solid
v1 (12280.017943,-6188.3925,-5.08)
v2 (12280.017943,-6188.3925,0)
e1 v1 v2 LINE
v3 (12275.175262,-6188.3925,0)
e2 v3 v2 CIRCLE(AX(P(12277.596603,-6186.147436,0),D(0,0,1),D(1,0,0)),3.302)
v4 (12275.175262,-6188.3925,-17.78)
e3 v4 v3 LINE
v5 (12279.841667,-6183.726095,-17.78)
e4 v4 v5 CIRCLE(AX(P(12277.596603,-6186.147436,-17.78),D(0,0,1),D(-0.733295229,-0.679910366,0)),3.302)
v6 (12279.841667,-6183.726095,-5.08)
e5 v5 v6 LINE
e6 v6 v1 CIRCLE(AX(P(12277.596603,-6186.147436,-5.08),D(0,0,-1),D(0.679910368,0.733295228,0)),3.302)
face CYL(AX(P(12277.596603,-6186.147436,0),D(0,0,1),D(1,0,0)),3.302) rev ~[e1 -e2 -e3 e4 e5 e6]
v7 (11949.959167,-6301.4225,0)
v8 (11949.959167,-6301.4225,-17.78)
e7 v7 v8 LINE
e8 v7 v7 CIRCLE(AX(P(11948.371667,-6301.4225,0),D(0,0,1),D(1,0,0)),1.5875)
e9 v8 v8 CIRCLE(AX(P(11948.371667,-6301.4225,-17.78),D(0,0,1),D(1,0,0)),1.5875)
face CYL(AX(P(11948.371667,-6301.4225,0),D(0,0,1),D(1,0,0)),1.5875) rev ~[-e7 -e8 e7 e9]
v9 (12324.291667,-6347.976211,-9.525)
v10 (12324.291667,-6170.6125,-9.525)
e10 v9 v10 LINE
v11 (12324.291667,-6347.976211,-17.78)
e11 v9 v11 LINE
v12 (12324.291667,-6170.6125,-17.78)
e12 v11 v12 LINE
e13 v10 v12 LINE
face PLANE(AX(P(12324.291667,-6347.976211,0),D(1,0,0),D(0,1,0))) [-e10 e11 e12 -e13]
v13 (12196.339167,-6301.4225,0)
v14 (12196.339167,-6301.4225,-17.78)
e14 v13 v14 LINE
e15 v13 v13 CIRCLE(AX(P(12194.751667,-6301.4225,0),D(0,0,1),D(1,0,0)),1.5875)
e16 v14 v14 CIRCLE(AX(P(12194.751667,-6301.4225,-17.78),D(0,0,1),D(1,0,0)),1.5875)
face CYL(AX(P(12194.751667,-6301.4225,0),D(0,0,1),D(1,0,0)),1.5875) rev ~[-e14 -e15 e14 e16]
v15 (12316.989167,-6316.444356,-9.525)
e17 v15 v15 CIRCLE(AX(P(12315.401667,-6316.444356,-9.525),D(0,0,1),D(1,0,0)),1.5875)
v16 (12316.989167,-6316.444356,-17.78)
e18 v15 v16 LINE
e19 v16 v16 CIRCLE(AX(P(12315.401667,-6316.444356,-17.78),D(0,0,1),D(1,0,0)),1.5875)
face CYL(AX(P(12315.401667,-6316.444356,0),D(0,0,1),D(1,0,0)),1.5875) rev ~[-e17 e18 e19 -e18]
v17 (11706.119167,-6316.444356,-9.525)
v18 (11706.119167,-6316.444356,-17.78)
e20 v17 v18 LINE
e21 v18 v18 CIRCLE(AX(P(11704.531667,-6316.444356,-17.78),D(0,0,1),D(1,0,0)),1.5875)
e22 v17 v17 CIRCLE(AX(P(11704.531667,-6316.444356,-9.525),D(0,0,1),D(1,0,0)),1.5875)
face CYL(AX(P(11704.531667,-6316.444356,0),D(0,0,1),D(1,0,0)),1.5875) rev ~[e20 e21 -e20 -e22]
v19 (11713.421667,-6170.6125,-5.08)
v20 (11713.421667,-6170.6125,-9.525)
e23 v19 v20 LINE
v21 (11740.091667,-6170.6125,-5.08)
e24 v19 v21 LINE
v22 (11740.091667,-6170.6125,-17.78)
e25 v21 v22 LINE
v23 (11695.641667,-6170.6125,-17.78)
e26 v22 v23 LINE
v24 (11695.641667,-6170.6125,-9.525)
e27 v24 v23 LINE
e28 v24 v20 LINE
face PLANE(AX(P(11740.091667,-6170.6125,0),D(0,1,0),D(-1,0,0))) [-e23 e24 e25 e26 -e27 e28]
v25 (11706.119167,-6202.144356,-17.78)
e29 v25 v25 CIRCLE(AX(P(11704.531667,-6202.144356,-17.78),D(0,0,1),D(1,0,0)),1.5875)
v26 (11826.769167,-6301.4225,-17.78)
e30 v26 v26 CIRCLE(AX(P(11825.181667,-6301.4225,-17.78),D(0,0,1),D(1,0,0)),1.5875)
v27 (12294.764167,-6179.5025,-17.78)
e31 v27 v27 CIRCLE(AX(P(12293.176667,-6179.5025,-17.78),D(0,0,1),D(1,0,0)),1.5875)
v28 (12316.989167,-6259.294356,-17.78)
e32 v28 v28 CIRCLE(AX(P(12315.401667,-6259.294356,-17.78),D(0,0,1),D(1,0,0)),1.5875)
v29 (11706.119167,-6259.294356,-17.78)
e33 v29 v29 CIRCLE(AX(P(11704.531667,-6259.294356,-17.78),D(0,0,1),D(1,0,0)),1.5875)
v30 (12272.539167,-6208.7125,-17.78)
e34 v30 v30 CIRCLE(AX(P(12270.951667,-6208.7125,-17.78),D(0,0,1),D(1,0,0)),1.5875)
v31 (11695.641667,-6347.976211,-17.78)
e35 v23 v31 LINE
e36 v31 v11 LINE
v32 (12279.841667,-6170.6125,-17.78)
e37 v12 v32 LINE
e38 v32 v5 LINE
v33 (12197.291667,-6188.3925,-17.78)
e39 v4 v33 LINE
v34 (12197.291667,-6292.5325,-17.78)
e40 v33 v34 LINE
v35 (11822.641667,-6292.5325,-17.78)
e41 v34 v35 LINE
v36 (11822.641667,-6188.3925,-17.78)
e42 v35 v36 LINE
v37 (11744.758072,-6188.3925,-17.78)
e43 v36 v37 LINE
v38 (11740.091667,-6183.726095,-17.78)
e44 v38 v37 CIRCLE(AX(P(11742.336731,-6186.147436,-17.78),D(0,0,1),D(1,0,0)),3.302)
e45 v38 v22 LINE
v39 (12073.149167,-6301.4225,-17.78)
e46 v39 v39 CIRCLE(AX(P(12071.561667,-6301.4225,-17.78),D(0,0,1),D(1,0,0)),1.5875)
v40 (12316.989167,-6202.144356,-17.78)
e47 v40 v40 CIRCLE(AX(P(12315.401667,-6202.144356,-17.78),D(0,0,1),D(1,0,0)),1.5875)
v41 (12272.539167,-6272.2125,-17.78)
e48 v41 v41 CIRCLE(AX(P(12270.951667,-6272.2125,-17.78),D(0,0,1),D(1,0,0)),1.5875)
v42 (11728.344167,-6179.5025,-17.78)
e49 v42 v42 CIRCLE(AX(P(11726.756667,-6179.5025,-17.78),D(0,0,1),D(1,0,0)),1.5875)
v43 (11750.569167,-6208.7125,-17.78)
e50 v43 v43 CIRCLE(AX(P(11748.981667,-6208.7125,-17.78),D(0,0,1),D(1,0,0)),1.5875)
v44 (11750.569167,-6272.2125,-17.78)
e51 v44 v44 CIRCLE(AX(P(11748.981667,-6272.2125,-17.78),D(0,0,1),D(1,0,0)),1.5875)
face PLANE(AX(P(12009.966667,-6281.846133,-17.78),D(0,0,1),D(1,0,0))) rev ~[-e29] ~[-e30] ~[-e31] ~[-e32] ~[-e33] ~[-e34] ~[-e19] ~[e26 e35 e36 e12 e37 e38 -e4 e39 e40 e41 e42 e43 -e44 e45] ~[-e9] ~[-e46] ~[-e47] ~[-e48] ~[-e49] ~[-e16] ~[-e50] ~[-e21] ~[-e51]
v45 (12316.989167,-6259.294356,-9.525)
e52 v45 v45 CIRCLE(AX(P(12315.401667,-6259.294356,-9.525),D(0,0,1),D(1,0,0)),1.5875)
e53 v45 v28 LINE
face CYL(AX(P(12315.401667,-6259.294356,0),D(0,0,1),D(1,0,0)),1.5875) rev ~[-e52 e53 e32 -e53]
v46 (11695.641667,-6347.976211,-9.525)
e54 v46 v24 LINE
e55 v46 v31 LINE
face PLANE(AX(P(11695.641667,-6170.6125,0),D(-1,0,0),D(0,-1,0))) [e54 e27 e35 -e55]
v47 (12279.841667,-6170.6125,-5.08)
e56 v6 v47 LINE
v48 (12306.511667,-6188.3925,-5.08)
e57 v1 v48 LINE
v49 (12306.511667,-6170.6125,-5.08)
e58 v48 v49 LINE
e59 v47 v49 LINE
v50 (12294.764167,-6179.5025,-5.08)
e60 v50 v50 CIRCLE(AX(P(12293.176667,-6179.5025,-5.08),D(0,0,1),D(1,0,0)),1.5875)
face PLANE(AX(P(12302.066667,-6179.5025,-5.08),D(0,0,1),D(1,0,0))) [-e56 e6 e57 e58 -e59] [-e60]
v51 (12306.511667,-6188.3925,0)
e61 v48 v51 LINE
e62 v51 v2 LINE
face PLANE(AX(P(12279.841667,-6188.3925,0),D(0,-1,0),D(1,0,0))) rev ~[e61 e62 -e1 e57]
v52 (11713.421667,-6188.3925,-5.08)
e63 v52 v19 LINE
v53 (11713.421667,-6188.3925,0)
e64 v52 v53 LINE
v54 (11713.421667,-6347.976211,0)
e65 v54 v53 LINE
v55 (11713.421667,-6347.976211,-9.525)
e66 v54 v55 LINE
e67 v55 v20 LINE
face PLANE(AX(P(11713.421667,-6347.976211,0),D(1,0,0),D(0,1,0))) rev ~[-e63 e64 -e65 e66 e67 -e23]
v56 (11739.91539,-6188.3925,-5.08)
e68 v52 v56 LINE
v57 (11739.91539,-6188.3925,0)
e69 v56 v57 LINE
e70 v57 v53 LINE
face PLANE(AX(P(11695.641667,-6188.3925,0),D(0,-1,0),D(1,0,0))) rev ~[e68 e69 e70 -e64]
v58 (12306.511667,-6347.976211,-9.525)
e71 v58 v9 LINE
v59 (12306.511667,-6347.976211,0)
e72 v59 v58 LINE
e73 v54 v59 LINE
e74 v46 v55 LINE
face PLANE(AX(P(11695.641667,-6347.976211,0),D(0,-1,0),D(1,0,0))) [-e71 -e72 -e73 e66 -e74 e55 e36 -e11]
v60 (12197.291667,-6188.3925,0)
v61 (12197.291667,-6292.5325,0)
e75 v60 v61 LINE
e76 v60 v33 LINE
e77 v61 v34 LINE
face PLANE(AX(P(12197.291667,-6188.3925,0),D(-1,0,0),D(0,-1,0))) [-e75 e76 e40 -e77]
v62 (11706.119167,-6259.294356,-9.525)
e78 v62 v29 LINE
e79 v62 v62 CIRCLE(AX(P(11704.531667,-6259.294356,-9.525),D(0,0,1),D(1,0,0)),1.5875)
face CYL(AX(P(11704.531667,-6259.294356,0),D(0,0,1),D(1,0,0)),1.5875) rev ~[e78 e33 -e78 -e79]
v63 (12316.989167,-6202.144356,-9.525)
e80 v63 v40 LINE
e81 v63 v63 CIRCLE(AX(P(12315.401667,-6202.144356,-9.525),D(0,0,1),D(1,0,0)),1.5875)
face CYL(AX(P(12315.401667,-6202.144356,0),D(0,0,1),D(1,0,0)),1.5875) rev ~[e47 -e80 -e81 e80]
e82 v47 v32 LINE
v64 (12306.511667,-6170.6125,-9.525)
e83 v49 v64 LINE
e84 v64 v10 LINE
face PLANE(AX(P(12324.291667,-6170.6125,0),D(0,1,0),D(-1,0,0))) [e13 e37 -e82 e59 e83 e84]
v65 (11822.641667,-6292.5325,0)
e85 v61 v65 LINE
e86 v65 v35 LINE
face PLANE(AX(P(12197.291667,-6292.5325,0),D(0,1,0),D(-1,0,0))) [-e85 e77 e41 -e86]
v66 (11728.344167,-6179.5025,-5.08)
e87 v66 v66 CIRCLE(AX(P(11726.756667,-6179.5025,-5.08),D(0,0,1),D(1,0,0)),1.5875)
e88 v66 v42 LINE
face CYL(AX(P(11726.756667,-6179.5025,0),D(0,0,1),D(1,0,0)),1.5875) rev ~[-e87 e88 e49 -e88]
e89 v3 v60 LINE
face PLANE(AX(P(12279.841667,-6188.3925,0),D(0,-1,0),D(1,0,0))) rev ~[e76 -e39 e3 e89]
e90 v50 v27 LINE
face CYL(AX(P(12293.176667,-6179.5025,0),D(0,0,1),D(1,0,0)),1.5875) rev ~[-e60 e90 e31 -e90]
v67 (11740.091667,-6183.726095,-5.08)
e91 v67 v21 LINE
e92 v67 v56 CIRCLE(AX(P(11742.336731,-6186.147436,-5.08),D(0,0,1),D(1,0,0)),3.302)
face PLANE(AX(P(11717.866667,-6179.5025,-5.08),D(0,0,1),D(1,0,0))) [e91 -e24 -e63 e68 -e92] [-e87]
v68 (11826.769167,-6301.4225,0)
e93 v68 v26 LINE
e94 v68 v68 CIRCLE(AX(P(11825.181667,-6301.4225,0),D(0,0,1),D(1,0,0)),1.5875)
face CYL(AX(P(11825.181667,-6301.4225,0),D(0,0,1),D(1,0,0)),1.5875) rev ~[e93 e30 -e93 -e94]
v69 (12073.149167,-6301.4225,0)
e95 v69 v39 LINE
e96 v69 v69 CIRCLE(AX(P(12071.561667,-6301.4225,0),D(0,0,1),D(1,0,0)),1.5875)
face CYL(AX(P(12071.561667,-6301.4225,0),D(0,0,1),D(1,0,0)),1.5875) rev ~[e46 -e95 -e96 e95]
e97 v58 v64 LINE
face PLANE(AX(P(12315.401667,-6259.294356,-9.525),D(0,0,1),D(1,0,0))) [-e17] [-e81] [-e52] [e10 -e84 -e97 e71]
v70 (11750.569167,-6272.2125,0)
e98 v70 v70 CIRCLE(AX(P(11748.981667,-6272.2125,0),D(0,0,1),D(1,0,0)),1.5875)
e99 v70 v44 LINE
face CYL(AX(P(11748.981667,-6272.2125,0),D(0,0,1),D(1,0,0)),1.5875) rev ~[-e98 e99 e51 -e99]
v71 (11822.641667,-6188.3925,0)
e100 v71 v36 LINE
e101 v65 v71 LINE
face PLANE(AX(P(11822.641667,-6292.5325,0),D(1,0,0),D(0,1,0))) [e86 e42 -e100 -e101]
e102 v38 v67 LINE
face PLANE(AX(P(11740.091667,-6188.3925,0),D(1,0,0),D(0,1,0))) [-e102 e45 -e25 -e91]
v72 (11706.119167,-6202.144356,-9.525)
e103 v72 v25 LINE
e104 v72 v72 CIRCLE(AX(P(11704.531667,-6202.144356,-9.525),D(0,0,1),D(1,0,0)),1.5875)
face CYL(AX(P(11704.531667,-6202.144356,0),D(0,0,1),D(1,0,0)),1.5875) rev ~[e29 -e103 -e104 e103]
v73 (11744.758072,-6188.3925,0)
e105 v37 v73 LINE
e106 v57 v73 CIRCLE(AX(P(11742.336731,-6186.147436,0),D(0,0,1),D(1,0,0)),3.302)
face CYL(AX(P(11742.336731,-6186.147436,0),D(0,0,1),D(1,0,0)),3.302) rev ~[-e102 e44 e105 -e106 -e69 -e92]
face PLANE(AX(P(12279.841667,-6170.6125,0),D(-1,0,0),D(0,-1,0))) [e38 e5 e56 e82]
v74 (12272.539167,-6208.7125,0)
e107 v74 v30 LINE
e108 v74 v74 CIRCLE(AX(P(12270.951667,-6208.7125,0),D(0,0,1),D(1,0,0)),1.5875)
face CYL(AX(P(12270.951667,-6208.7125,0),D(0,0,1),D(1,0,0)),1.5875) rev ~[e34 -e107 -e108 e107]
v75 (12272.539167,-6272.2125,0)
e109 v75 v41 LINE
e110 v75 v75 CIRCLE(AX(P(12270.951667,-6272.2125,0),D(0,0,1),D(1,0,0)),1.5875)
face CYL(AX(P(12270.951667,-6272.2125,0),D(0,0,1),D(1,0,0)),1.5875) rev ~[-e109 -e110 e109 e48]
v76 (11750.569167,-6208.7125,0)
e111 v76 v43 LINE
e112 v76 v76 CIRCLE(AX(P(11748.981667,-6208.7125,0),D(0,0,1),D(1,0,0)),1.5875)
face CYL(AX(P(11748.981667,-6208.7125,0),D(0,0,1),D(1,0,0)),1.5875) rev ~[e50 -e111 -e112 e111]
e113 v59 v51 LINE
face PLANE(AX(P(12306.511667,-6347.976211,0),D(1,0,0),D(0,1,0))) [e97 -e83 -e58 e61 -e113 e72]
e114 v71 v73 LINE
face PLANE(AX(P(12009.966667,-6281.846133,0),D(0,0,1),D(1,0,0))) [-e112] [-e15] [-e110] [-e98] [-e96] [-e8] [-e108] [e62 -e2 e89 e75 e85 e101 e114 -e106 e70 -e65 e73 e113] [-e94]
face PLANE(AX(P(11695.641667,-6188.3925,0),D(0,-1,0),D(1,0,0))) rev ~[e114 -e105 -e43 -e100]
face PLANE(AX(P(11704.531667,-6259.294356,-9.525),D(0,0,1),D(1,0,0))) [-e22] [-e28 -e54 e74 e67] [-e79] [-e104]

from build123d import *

# Parameters (mm, degrees)
CABCAPOUTLINE_THICKNESS_DEPTH = 17.78
SKETCH3_W                     = 44.45
SKETCH3_H                     = 17.78
CAPBACKLEDGE_DEPTH_DEPTH      = 5.08
CABSIDELEDGECUTS_W            = 17.78
CABSIDELEDGECUTS_H            = 177.363711221
CABSIDELEDGE_DEPTH_DEPTH      = 9.525
SKETCH5_R                     = 1.5875
SKETCH5_R_2                   = 3.302
CUT_EXTRUDE3_DEPTH            = 17.78


with BuildPart() as part:
    # CabCapOutline → CabCapOutline_Thickness (new body)
    with BuildSketch(Plane.XY):
        Polygon((12324.291666666, -6347.976211221), (12324.291666666, -6170.6125), (12279.841666666, -6170.6125), (12279.841666666, -6188.3925), (12197.291666666, -6188.3925), (12197.291666666, -6292.5325), (11822.641666666, -6292.5325), (11822.641666666, -6188.3925), (11740.091666666, -6188.3925), (11740.091666666, -6170.6125), (11695.641666666, -6170.6125), (11695.641666666, -6347.976211221), align=None)
    extrude(amount=-CABCAPOUTLINE_THICKNESS_DEPTH)

    # Sketch3 → CapBackLedge_Depth (cut)
    with BuildSketch(Plane.XY):
        with Locations((11717.866666666, -6179.5025)):
            Rectangle(SKETCH3_W, SKETCH3_H)
        with Locations((12302.066666666, -6179.5025)):
            Rectangle(SKETCH3_W, SKETCH3_H)
    extrude(amount=-CAPBACKLEDGE_DEPTH_DEPTH, mode=Mode.SUBTRACT)

    # CabSideLedgeCuts → CabSideLedge_Depth (cut)
    with BuildSketch(Plane.XY):
        with Locations((11704.531666666, -6259.294355611)):
            Rectangle(CABSIDELEDGECUTS_W, CABSIDELEDGECUTS_H)
        with Locations((12315.401666666, -6259.294355611)):
            Rectangle(CABSIDELEDGECUTS_W, CABSIDELEDGECUTS_H)
    extrude(amount=-CABSIDELEDGE_DEPTH_DEPTH, mode=Mode.SUBTRACT)

    # Sketch5 → Cut-Extrude3 (cut)
    with BuildSketch(Plane.XY):
        with Locations((11704.531666666, -6316.444355611)):
            Circle(SKETCH5_R)
        with Locations((11704.531666666, -6259.294355611)):
            Circle(SKETCH5_R)
        with Locations((11704.531666666, -6202.144355611)):
            Circle(SKETCH5_R)
        with Locations((11726.756666666, -6179.5025)):
            Circle(SKETCH5_R)
        with Locations((11748.981666666, -6208.7125)):
            Circle(SKETCH5_R)
        with Locations((11748.981666666, -6272.2125)):
            Circle(SKETCH5_R)
        with Locations((11825.181666666, -6301.4225)):
            Circle(SKETCH5_R)
        with Locations((11948.371666666, -6301.4225)):
            Circle(SKETCH5_R)
        with Locations((12071.561666666, -6301.4225)):
            Circle(SKETCH5_R)
        with Locations((12194.751666666, -6301.4225)):
            Circle(SKETCH5_R)
        with Locations((12315.401666666, -6316.444355611)):
            Circle(SKETCH5_R)
        with Locations((12315.401666666, -6259.294355611)):
            Circle(SKETCH5_R)
        with Locations((12270.951666666, -6272.2125)):
            Circle(SKETCH5_R)
        with Locations((12270.951666666, -6208.7125)):
            Circle(SKETCH5_R)
        with Locations((12315.401666666, -6202.144355611)):
            Circle(SKETCH5_R)
        with Locations((12293.176666666, -6179.5025)):
            Circle(SKETCH5_R)
        with Locations((11742.336730696, -6186.14743597)):
            Circle(SKETCH5_R_2)
        with Locations((12277.596602636, -6186.14743597)):
            Circle(SKETCH5_R_2)
    extrude(amount=-CUT_EXTRUDE3_DEPTH, mode=Mode.SUBTRACT)


solid = part.part
